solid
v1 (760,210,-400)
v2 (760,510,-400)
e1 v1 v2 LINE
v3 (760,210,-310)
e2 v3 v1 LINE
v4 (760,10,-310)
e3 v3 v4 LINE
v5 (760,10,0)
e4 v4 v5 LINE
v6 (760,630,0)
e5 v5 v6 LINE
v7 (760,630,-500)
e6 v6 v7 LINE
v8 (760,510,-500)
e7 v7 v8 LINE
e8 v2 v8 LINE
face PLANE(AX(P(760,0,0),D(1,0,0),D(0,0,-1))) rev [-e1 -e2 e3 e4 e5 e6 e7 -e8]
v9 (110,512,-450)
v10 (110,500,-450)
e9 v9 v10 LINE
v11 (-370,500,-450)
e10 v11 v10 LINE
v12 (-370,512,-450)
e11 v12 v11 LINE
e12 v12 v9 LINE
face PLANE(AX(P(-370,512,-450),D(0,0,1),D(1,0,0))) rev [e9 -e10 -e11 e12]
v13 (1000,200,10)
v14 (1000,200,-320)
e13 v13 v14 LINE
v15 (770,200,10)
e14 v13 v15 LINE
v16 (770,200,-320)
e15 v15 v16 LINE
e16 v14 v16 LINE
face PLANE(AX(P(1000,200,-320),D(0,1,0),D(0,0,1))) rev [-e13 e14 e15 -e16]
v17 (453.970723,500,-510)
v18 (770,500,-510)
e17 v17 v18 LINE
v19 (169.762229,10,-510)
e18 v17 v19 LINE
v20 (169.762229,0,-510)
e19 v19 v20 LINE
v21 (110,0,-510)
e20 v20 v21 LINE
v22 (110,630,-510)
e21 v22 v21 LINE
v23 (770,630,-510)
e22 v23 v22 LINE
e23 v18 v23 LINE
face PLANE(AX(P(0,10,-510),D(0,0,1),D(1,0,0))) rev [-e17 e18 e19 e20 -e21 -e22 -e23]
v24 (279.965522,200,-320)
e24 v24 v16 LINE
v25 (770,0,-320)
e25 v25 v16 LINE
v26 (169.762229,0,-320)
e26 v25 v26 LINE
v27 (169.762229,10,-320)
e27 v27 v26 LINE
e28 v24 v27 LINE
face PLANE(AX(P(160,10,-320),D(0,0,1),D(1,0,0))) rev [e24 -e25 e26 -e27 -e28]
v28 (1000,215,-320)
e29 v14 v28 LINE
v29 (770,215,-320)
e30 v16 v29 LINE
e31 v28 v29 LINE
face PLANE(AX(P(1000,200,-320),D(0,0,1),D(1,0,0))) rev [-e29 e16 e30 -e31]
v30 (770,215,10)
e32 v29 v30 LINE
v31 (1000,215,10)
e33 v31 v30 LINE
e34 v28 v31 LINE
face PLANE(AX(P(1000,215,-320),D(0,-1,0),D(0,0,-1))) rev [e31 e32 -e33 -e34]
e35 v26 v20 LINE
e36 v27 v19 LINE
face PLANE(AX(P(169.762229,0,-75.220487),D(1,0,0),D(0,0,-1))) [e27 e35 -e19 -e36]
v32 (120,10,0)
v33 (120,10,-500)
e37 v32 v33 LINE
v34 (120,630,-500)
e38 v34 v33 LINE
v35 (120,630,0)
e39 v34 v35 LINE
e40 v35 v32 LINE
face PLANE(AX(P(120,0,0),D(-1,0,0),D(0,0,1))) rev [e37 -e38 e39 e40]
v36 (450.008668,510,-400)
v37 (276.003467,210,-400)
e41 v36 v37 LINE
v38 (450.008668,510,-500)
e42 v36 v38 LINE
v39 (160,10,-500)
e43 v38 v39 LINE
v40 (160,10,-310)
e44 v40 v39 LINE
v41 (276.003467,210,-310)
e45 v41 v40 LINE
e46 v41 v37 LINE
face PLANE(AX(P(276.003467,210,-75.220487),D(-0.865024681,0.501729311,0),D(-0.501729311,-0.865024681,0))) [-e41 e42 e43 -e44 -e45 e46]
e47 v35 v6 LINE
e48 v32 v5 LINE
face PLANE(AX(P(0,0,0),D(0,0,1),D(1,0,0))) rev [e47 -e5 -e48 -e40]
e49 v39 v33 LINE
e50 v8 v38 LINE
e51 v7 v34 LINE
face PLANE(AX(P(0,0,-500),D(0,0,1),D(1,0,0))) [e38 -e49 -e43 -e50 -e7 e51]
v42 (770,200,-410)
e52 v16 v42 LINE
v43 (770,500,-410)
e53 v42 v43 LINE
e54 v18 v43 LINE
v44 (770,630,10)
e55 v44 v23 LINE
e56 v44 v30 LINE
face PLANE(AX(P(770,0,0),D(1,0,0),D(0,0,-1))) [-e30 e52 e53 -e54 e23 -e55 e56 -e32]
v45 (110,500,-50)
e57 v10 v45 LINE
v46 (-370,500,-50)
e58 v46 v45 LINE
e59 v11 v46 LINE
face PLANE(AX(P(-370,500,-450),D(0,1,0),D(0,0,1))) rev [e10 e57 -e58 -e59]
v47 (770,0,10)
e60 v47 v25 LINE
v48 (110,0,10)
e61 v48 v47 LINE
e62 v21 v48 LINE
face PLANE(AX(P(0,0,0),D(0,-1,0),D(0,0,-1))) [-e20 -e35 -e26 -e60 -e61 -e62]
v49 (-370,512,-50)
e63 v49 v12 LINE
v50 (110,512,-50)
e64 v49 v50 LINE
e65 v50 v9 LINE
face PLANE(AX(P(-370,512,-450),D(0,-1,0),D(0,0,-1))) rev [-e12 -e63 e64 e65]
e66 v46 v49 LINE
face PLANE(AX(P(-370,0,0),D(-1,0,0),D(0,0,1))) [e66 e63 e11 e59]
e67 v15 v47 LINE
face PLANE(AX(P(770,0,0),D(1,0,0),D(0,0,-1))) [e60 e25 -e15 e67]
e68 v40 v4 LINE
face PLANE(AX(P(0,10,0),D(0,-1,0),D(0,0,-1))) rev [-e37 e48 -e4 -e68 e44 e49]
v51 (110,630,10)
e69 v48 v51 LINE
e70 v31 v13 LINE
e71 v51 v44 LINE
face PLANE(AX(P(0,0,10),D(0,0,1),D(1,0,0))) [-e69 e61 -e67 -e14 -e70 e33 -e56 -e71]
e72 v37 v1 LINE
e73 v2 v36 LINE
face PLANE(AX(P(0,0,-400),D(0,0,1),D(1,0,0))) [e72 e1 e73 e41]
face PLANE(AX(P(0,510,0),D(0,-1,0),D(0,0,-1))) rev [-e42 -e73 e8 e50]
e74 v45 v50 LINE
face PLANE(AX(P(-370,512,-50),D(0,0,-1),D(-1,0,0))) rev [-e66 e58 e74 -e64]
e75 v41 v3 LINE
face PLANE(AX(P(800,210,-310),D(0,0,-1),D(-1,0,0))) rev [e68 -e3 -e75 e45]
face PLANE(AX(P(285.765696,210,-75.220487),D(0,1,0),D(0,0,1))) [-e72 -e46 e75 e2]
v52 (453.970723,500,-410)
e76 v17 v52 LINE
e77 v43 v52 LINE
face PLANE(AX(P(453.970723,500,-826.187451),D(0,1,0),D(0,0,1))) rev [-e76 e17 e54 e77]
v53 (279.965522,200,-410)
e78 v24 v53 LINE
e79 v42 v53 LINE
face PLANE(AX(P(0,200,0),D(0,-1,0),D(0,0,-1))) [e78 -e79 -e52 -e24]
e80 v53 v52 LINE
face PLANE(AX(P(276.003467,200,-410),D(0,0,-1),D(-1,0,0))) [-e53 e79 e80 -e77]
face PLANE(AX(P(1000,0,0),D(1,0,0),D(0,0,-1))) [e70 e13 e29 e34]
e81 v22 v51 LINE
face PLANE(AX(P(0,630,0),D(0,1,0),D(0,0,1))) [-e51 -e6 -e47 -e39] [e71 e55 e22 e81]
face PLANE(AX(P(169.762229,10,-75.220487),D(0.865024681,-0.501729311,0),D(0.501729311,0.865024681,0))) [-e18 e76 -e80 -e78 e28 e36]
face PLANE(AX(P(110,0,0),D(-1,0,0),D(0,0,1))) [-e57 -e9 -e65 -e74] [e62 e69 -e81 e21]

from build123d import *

# Parameters (mm, degrees)
EXTRUDE_1_DEPTH     = 10
SKETCH_2_W          = 10
SKETCH_2_H          = 510
EXTRUDE_2_DEPTH     = 500
EXTRUDE_3_DEPTH     = 10
EXTRUDE_4_DEPTH     = 190
SKETCH_5_W          = 640
SKETCH_5_H          = 10
EXTRUDE_5_DEPTH     = 200
CUT_EXTRUDE_1_DEPTH = 20
SKETCH_7_W          = 523.996532841
SKETCH_7_H          = 100
EXTRUDE_7_DEPTH     = 10
EXTRUDE_8_DEPTH     = 100
EXTRUDE_9_DEPTH     = 10
EXTRUDE_10_DEPTH    = 10
SKETCH_11_W         = 810
SKETCH_11_H         = 510
EXTRUDE_11_DEPTH    = 10
SKETCH_12_W         = 520
SKETCH_12_H         = 510
CUT_EXTRUDE_2_DEPTH = 120
SKETCH_13_W         = 520
SKETCH_13_H         = 510
CUT_EXTRUDE_3_DEPTH = 50
EXTRUDE_12_DEPTH    = 10
SKETCH_15_W         = 520
SKETCH_15_H         = 510
EXTRUDE_13_DEPTH    = 10
EXTRUDE_15_DEPTH    = 100
SKETCH_18_W         = 660
SKETCH_18_H         = 520
SKETCH_18_W_2       = 640
SKETCH_18_H_2       = 500
EXTRUDE_16_DEPTH    = 120
SKETCH_19_W         = 400
SKETCH_19_H         = 12
EXTRUDE_17_DEPTH    = 480
SKETCH_20_W         = 330
SKETCH_20_H         = 15
EXTRUDE_18_DEPTH    = 230


with BuildPart() as part:
    # 草图1 → 凸台-拉伸1 (new body)
    with BuildSketch(Plane(origin=(0, 0, 0), x_dir=(1, 0, 0), z_dir=(0, 1, 0))):
        Polygon((0, 300), (0, 510), (160, 510), (160, 320), (800, 320), (800, 0), (0, 0), align=None)
    extrude(amount=EXTRUDE_1_DEPTH)

    # 草图2 → 凸台-拉伸2 (add)
    with BuildSketch(Plane(origin=(0, 10, 0), x_dir=(1, 0, 0), z_dir=(0, 1, 0))):
        with Locations((5, 255)):
            Rectangle(SKETCH_2_W, SKETCH_2_H)
    extrude(amount=EXTRUDE_2_DEPTH)

    # 草图3 → 凸台-拉伸3 (add)
    with BuildSketch(Plane(origin=(0, 0, -510), x_dir=(-1, 0, 0), z_dir=(0, 0, -1))):
        Polygon((-10, 510), (-10, 10), (-160, 10), (-450.008667897, 510), align=None)
    extrude(amount=-EXTRUDE_3_DEPTH)

    # 草图4 → 凸台-拉伸4 (add)
    with BuildSketch(Plane(origin=(0, 0, -510), x_dir=(-1, 0, 0), z_dir=(0, 0, -1))):
        Polygon((-276.003467159, 210), (-160, 10), (-160, 0), (-169.762228515, 0), (-169.762228515, 10), (-285.765695674, 210), align=None)
    extrude(amount=-EXTRUDE_4_DEPTH)

    # 草图5 → 凸台-拉伸5 (add)
    with BuildSketch(Plane(origin=(0, 10, 0), x_dir=(1, 0, 0), z_dir=(0, 1, 0))):
        with Locations((480, 315)):
            Rectangle(SKETCH_5_W, SKETCH_5_H)
    extrude(amount=EXTRUDE_5_DEPTH)

    # 草图6 → 切除-拉伸1 (cut)
    with BuildSketch(Plane(origin=(0, 0, -320), x_dir=(-1, 0, 0), z_dir=(0, 0, -1))):
        Polygon((-160, 210), (-276.003467159, 210), (-160, 10), align=None)
    extrude(amount=-CUT_EXTRUDE_1_DEPTH, mode=Mode.SUBTRACT)

    # 草图7 → 凸台-拉伸7 (add)
    with BuildSketch(Plane(origin=(0, 210, 0), x_dir=(1, 0, 0), z_dir=(0, 1, 0))):
        with Locations((538.00173358, 360)):
            Rectangle(SKETCH_7_W, SKETCH_7_H)
    extrude(amount=-EXTRUDE_7_DEPTH)

    # 草图8 → 凸台-拉伸8 (add)
    with BuildSketch(Plane(origin=(0, 0, -510), x_dir=(-1, 0, 0), z_dir=(0, 0, -1))):
        Polygon((-276.003467159, 210), (-450.008667897, 510), (-459.770896412, 510), (-285.765695674, 210), align=None)
    extrude(amount=-EXTRUDE_8_DEPTH)

    # 草图9 → 凸台-拉伸9 (add)
    with BuildSketch(Plane.XY.offset(-410)):
        Polygon((276.003467159, 210), (450.008667897, 510), (800, 510), (800, 210), align=None)
    extrude(amount=EXTRUDE_9_DEPTH)

    # 草图10 → 凸台-拉伸10 (add)
    with BuildSketch(Plane(origin=(800, 0, 0), x_dir=(0, 0, -1), z_dir=(1, 0, 0))):
        Polygon((0, 0), (320, 0), (320, 200), (410, 200), (410, 510), (0, 510), align=None)
    extrude(amount=EXTRUDE_10_DEPTH)

    # 草图11 → 凸台-拉伸11 (add)
    with BuildSketch(Plane.XY):
        with Locations((405, 255)):
            Rectangle(SKETCH_11_W, SKETCH_11_H)
    extrude(amount=EXTRUDE_11_DEPTH)

    # 草图12 → 切除-拉伸2 (cut)
    with BuildSketch(Plane.ZY):
        with Locations((-250, 255)):
            Rectangle(SKETCH_12_W, SKETCH_12_H)
    extrude(amount=-CUT_EXTRUDE_2_DEPTH, mode=Mode.SUBTRACT)

    # 草图13 → 切除-拉伸3 (cut)
    with BuildSketch(Plane(origin=(810, 0, 0), x_dir=(0, 0, -1), z_dir=(1, 0, 0))):
        with Locations((250, 255)):
            Rectangle(SKETCH_13_W, SKETCH_13_H)
    extrude(amount=-CUT_EXTRUDE_3_DEPTH, mode=Mode.SUBTRACT)

    # 草图14 → 凸台-拉伸12 (add)
    with BuildSketch(Plane(origin=(760, 0, 0), x_dir=(0, 0, -1), z_dir=(1, 0, 0))):
        Polygon((-10, 510), (320, 510), (410, 510), (410, 200), (320, 200), (320, 0), (-10, 0), align=None)
    extrude(amount=EXTRUDE_12_DEPTH)

    # 草图15 → 凸台-拉伸13 (add)
    with BuildSketch(Plane.ZY.offset(-120)):
        with Locations((-250, 255)):
            Rectangle(SKETCH_15_W, SKETCH_15_H)
    extrude(amount=EXTRUDE_13_DEPTH)

    # 草图17 → 凸台-拉伸15 (add)
    with BuildSketch(Plane(origin=(0, 0, -410), x_dir=(-1, 0, 0), z_dir=(0, 0, -1))):
        Polygon((-770, 510), (-459.770896412, 510), (-453.970723054, 500), (-770, 500), align=None)
    extrude(amount=EXTRUDE_15_DEPTH)

    # 草图18 → 凸台-拉伸16 (add)
    with BuildSketch(Plane(origin=(0, 510, 0), x_dir=(1, 0, 0), z_dir=(0, 1, 0))):
        with Locations((440, 250)):
            Rectangle(SKETCH_18_W, SKETCH_18_H)
        with Locations((440, 250)):
            Rectangle(SKETCH_18_W_2, SKETCH_18_H_2, mode=Mode.SUBTRACT)
    extrude(amount=EXTRUDE_16_DEPTH)

    # 草图19 → 凸台-拉伸17 (add)
    with BuildSketch(Plane.ZY.offset(-110)):
        with Locations((-250, 506)):
            Rectangle(SKETCH_19_W, SKETCH_19_H)
    extrude(amount=EXTRUDE_17_DEPTH)

    # 草图20 → 凸台-拉伸18 (add)
    with BuildSketch(Plane(origin=(770, 0, 0), x_dir=(0, 0, -1), z_dir=(1, 0, 0))):
        with Locations((155, 207.5)):
            Rectangle(SKETCH_20_W, SKETCH_20_H)
    extrude(amount=EXTRUDE_18_DEPTH)


solid = part.part
